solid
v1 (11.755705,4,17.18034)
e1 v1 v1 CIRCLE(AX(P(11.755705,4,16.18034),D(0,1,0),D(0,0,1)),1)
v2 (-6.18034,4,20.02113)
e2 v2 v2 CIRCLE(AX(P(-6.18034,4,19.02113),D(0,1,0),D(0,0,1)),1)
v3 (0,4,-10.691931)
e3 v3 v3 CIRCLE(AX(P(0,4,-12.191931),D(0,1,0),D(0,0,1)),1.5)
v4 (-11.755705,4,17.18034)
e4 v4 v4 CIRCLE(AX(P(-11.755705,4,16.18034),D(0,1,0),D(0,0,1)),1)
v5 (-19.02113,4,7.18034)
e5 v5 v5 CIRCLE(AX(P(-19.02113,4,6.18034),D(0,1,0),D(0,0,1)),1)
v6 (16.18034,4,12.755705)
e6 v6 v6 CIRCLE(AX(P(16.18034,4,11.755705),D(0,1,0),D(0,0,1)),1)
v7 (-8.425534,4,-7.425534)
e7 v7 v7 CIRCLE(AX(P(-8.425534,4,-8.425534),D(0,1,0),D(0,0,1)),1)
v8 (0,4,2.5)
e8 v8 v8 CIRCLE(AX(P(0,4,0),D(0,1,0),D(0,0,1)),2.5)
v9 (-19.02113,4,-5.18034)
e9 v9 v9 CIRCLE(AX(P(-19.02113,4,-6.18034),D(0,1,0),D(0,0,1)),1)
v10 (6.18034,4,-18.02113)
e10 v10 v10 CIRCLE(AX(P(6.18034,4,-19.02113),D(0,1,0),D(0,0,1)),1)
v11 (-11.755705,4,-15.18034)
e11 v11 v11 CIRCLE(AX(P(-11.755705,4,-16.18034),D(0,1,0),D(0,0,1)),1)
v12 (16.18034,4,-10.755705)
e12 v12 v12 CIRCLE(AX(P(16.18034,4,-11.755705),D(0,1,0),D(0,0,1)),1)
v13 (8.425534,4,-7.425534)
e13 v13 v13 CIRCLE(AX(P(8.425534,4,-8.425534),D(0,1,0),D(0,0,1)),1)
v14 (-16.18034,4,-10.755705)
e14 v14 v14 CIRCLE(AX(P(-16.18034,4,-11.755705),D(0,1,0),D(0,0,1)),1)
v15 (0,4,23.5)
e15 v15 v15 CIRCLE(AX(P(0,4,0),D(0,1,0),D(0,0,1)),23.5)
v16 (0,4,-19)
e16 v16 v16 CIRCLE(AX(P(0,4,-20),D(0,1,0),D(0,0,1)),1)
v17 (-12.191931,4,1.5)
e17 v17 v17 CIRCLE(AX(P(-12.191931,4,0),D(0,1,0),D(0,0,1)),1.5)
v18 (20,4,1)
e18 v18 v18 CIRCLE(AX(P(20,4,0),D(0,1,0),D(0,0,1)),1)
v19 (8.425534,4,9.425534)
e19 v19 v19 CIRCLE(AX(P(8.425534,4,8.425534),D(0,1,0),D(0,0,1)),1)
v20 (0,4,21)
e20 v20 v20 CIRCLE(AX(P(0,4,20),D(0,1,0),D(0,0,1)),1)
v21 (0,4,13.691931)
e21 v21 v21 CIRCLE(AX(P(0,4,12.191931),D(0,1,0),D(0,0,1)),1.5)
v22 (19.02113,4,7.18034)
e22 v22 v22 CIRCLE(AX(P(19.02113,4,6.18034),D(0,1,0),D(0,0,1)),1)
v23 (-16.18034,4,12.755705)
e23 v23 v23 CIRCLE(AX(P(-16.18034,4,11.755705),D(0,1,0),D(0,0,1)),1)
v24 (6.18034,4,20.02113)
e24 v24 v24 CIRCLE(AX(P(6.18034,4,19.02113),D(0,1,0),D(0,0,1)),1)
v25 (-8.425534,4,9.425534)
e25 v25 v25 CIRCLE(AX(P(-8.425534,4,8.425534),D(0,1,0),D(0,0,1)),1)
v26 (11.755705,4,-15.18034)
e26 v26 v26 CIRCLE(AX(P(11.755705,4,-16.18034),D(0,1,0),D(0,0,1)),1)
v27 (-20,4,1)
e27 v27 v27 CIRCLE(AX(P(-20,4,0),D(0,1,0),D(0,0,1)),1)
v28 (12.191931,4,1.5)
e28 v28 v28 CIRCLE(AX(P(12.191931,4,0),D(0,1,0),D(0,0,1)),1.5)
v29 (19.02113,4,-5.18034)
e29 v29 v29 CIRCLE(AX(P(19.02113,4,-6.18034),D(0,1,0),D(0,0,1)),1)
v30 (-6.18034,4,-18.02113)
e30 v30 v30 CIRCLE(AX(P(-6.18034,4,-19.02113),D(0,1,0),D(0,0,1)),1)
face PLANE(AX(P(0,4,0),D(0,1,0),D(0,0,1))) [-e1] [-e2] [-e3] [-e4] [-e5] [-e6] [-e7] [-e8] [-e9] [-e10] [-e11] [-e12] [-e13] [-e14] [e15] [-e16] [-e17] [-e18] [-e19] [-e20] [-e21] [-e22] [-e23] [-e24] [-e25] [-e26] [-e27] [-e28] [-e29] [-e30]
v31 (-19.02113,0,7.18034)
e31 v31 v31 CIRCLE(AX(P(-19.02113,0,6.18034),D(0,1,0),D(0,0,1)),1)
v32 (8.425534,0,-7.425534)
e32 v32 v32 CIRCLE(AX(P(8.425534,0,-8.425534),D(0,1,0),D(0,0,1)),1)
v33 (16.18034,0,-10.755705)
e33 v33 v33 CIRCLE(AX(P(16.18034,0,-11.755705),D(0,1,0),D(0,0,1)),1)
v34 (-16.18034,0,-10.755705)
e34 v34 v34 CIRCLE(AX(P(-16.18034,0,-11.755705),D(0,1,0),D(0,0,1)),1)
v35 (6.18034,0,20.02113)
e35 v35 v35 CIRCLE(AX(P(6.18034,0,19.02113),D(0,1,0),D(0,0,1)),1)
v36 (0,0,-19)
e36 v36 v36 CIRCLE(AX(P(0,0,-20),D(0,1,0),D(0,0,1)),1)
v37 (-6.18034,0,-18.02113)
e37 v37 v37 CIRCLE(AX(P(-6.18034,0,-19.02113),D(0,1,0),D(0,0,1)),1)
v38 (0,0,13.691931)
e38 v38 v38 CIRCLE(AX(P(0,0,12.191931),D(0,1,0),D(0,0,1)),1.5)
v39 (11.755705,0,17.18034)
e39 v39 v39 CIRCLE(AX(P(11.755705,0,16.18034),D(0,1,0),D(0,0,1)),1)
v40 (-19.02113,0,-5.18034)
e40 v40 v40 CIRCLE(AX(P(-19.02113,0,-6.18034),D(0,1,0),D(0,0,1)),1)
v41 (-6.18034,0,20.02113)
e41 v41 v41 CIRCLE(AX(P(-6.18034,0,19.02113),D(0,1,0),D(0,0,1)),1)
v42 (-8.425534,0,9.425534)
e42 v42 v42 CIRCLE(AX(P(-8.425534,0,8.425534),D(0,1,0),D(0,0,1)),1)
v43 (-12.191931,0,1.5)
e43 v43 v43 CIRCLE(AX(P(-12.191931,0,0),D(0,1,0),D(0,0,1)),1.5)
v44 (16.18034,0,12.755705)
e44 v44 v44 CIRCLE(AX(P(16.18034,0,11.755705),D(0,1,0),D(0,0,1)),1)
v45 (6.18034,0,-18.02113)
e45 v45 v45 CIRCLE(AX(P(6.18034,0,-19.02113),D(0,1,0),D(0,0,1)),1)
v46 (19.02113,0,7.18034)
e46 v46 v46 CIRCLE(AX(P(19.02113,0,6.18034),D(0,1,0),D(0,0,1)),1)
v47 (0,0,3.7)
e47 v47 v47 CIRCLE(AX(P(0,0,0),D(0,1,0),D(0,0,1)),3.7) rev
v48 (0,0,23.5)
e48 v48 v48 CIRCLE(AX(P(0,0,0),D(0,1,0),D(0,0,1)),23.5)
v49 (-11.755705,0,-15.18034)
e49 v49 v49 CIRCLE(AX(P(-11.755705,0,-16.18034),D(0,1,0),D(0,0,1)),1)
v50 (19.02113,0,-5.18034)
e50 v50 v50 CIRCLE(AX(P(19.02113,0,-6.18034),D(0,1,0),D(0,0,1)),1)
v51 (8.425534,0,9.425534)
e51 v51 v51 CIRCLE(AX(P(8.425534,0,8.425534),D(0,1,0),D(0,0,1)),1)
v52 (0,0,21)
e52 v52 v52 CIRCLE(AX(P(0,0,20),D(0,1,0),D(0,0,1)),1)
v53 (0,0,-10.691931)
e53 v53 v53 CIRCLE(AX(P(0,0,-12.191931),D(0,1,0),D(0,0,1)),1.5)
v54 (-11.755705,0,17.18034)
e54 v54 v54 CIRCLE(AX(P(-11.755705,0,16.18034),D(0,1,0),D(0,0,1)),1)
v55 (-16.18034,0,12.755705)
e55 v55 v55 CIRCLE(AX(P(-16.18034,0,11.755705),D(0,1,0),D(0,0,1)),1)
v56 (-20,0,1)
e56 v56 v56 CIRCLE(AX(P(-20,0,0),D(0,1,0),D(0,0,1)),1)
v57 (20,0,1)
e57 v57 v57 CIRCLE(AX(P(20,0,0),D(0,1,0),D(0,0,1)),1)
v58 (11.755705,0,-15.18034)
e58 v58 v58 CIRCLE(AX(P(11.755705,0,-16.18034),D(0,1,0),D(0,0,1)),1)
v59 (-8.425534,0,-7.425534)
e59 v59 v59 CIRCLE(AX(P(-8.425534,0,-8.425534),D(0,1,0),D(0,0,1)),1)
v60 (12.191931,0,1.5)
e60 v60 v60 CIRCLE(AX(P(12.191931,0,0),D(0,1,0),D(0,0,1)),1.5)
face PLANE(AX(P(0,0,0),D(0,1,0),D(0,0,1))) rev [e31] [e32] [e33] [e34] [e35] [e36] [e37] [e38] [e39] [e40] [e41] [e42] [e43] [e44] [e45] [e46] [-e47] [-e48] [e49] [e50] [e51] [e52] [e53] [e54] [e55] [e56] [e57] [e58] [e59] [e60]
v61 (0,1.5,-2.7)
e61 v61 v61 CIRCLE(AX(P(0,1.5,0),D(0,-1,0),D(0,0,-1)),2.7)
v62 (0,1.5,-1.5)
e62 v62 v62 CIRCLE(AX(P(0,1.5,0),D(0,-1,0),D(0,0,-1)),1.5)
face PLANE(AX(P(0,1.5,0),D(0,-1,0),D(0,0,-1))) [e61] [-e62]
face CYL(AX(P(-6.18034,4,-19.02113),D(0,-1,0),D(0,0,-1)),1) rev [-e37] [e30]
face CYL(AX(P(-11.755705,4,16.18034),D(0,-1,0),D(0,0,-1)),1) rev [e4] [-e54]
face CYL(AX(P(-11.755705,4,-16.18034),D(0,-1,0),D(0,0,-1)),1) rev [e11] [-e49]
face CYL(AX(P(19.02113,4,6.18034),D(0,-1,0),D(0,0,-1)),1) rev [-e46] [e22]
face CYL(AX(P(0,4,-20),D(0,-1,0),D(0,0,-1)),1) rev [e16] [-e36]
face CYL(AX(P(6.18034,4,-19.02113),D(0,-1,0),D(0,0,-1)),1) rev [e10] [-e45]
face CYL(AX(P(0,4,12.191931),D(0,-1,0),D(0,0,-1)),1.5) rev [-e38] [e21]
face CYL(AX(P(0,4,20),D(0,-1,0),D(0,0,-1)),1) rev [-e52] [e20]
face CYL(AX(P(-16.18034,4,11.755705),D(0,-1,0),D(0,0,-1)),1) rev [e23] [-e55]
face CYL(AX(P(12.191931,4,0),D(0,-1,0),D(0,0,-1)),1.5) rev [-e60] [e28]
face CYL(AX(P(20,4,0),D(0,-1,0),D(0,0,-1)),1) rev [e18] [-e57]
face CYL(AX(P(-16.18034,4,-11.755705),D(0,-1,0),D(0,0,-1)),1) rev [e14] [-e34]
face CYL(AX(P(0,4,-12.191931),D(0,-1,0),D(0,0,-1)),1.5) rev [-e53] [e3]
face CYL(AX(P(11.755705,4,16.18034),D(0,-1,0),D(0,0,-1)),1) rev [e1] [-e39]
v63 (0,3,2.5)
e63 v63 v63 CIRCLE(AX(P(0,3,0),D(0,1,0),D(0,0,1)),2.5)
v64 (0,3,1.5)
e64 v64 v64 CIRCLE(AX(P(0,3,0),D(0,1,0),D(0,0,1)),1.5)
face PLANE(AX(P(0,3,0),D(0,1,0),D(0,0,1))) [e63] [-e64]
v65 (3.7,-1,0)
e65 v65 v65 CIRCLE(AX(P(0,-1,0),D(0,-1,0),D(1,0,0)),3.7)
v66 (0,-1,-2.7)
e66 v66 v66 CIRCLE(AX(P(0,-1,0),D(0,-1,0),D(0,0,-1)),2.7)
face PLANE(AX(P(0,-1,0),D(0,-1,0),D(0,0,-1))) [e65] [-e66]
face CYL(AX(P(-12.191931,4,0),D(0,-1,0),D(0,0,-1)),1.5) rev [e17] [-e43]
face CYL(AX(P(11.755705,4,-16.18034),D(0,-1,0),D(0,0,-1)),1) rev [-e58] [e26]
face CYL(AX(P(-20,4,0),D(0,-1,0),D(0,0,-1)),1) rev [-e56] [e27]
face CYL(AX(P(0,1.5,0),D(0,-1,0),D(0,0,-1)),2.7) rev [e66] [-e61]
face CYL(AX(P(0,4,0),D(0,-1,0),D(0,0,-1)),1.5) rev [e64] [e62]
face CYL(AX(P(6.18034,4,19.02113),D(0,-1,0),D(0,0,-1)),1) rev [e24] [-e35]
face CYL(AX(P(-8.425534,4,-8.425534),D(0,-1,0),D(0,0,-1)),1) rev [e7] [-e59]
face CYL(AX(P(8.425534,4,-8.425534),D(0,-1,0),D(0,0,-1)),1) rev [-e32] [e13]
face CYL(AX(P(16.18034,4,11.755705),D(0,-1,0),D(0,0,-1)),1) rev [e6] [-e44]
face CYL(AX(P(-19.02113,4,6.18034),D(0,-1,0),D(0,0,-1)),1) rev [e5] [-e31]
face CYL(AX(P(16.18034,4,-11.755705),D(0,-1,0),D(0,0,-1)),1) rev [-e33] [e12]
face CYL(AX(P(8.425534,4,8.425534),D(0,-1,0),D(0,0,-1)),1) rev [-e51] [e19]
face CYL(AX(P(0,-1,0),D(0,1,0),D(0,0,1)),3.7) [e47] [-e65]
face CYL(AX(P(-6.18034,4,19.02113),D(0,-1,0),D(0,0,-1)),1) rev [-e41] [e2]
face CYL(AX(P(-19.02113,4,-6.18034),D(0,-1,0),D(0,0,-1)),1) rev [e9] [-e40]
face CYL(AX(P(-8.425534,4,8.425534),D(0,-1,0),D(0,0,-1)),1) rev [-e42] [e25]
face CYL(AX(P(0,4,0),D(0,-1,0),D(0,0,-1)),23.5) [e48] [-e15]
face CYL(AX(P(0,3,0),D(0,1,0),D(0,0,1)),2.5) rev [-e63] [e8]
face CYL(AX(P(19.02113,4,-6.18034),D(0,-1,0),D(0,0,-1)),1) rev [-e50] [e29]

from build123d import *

# Parameters (mm, degrees)
SKETCH1_R           = 23.5
SKETCH1_R_2         = 1.5
SKETCH1_R_3         = 1
BOSS_EXTRUDE1_DEPTH = 4
SKETCH2_R           = 2.7
CUT_EXTRUDE1_DEPTH  = 1.5
SKETCH3_R           = 2.5
CUT_EXTRUDE2_DEPTH  = 1
SKETCH4_R           = 3.7
SKETCH4_R_2         = 2.7
EXTRUDE_THIN1_DEPTH = 1


with BuildPart() as part:
    # Sketch1 → Boss-Extrude1 (new body)
    with BuildSketch(Plane(origin=(0, 0, 0), x_dir=(1, 0, 0), z_dir=(0, 1, 0))):
        Circle(SKETCH1_R)
        Circle(SKETCH1_R_2, mode=Mode.SUBTRACT)
        with Locations((0, 20)):
            Circle(SKETCH1_R_3, mode=Mode.SUBTRACT)
        with Locations((6.180339887, 19.021130326)):
            Circle(SKETCH1_R_3, mode=Mode.SUBTRACT)
        with Locations((11.755705046, 16.180339887)):
            Circle(SKETCH1_R_3, mode=Mode.SUBTRACT)
        with Locations((16.180339887, 11.755705046)):
            Circle(SKETCH1_R_3, mode=Mode.SUBTRACT)
        with Locations((19.021130326, 6.180339887)):
            Circle(SKETCH1_R_3, mode=Mode.SUBTRACT)
        with Locations((20, 0)):
            Circle(SKETCH1_R_3, mode=Mode.SUBTRACT)
        with Locations((19.021130326, -6.180339887)):
            Circle(SKETCH1_R_3, mode=Mode.SUBTRACT)
        with Locations((16.180339887, -11.755705046)):
            Circle(SKETCH1_R_3, mode=Mode.SUBTRACT)
        with Locations((11.755705046, -16.180339887)):
            Circle(SKETCH1_R_3, mode=Mode.SUBTRACT)
        with Locations((6.180339887, -19.021130326)):
            Circle(SKETCH1_R_3, mode=Mode.SUBTRACT)
        with Locations((0, -20)):
            Circle(SKETCH1_R_3, mode=Mode.SUBTRACT)
        with Locations((-6.180339887, -19.021130326)):
            Circle(SKETCH1_R_3, mode=Mode.SUBTRACT)
        with Locations((-11.755705046, -16.180339887)):
            Circle(SKETCH1_R_3, mode=Mode.SUBTRACT)
        with Locations((-16.180339887, -11.755705046)):
            Circle(SKETCH1_R_3, mode=Mode.SUBTRACT)
        with Locations((-19.021130326, -6.180339887)):
            Circle(SKETCH1_R_3, mode=Mode.SUBTRACT)
        with Locations((-20, 0)):
            Circle(SKETCH1_R_3, mode=Mode.SUBTRACT)
        with Locations((-19.021130326, 6.180339887)):
            Circle(SKETCH1_R_3, mode=Mode.SUBTRACT)
        with Locations((-16.180339887, 11.755705046)):
            Circle(SKETCH1_R_3, mode=Mode.SUBTRACT)
        with Locations((-11.755705046, 16.180339887)):
            Circle(SKETCH1_R_3, mode=Mode.SUBTRACT)
        with Locations((-6.180339887, 19.021130326)):
            Circle(SKETCH1_R_3, mode=Mode.SUBTRACT)
        with Locations((0, 12.191930978)):
            Circle(SKETCH1_R_2, mode=Mode.SUBTRACT)
        with Locations((12.191930978, 0)):
            Circle(SKETCH1_R_2, mode=Mode.SUBTRACT)
        with Locations((0, -12.191930978)):
            Circle(SKETCH1_R_2, mode=Mode.SUBTRACT)
        with Locations((-12.191930978, 0)):
            Circle(SKETCH1_R_2, mode=Mode.SUBTRACT)
        with Locations((-8.4255338, 8.4255338)):
            Circle(SKETCH1_R_3, mode=Mode.SUBTRACT)
        with Locations((8.4255338, 8.4255338)):
            Circle(SKETCH1_R_3, mode=Mode.SUBTRACT)
        with Locations((8.4255338, -8.4255338)):
            Circle(SKETCH1_R_3, mode=Mode.SUBTRACT)
        with Locations((-8.4255338, -8.4255338)):
            Circle(SKETCH1_R_3, mode=Mode.SUBTRACT)
    extrude(amount=BOSS_EXTRUDE1_DEPTH)

    # Sketch2 → Cut-Extrude1 (cut)
    with BuildSketch(Plane.XZ):
        Circle(SKETCH2_R)
    extrude(amount=-CUT_EXTRUDE1_DEPTH, mode=Mode.SUBTRACT)

    # Sketch3 → Cut-Extrude2 (cut)
    with BuildSketch(Plane(origin=(0, 4, 0), x_dir=(1, 0, 0), z_dir=(0, 1, 0))):
        Circle(SKETCH3_R)
    extrude(amount=-CUT_EXTRUDE2_DEPTH, mode=Mode.SUBTRACT)

    # Sketch4 → Extrude-Thin1 (add)
    with BuildSketch(Plane.XZ):
        Circle(SKETCH4_R)
        Circle(SKETCH4_R_2, mode=Mode.SUBTRACT)
    extrude(amount=EXTRUDE_THIN1_DEPTH)


solid = part.part
